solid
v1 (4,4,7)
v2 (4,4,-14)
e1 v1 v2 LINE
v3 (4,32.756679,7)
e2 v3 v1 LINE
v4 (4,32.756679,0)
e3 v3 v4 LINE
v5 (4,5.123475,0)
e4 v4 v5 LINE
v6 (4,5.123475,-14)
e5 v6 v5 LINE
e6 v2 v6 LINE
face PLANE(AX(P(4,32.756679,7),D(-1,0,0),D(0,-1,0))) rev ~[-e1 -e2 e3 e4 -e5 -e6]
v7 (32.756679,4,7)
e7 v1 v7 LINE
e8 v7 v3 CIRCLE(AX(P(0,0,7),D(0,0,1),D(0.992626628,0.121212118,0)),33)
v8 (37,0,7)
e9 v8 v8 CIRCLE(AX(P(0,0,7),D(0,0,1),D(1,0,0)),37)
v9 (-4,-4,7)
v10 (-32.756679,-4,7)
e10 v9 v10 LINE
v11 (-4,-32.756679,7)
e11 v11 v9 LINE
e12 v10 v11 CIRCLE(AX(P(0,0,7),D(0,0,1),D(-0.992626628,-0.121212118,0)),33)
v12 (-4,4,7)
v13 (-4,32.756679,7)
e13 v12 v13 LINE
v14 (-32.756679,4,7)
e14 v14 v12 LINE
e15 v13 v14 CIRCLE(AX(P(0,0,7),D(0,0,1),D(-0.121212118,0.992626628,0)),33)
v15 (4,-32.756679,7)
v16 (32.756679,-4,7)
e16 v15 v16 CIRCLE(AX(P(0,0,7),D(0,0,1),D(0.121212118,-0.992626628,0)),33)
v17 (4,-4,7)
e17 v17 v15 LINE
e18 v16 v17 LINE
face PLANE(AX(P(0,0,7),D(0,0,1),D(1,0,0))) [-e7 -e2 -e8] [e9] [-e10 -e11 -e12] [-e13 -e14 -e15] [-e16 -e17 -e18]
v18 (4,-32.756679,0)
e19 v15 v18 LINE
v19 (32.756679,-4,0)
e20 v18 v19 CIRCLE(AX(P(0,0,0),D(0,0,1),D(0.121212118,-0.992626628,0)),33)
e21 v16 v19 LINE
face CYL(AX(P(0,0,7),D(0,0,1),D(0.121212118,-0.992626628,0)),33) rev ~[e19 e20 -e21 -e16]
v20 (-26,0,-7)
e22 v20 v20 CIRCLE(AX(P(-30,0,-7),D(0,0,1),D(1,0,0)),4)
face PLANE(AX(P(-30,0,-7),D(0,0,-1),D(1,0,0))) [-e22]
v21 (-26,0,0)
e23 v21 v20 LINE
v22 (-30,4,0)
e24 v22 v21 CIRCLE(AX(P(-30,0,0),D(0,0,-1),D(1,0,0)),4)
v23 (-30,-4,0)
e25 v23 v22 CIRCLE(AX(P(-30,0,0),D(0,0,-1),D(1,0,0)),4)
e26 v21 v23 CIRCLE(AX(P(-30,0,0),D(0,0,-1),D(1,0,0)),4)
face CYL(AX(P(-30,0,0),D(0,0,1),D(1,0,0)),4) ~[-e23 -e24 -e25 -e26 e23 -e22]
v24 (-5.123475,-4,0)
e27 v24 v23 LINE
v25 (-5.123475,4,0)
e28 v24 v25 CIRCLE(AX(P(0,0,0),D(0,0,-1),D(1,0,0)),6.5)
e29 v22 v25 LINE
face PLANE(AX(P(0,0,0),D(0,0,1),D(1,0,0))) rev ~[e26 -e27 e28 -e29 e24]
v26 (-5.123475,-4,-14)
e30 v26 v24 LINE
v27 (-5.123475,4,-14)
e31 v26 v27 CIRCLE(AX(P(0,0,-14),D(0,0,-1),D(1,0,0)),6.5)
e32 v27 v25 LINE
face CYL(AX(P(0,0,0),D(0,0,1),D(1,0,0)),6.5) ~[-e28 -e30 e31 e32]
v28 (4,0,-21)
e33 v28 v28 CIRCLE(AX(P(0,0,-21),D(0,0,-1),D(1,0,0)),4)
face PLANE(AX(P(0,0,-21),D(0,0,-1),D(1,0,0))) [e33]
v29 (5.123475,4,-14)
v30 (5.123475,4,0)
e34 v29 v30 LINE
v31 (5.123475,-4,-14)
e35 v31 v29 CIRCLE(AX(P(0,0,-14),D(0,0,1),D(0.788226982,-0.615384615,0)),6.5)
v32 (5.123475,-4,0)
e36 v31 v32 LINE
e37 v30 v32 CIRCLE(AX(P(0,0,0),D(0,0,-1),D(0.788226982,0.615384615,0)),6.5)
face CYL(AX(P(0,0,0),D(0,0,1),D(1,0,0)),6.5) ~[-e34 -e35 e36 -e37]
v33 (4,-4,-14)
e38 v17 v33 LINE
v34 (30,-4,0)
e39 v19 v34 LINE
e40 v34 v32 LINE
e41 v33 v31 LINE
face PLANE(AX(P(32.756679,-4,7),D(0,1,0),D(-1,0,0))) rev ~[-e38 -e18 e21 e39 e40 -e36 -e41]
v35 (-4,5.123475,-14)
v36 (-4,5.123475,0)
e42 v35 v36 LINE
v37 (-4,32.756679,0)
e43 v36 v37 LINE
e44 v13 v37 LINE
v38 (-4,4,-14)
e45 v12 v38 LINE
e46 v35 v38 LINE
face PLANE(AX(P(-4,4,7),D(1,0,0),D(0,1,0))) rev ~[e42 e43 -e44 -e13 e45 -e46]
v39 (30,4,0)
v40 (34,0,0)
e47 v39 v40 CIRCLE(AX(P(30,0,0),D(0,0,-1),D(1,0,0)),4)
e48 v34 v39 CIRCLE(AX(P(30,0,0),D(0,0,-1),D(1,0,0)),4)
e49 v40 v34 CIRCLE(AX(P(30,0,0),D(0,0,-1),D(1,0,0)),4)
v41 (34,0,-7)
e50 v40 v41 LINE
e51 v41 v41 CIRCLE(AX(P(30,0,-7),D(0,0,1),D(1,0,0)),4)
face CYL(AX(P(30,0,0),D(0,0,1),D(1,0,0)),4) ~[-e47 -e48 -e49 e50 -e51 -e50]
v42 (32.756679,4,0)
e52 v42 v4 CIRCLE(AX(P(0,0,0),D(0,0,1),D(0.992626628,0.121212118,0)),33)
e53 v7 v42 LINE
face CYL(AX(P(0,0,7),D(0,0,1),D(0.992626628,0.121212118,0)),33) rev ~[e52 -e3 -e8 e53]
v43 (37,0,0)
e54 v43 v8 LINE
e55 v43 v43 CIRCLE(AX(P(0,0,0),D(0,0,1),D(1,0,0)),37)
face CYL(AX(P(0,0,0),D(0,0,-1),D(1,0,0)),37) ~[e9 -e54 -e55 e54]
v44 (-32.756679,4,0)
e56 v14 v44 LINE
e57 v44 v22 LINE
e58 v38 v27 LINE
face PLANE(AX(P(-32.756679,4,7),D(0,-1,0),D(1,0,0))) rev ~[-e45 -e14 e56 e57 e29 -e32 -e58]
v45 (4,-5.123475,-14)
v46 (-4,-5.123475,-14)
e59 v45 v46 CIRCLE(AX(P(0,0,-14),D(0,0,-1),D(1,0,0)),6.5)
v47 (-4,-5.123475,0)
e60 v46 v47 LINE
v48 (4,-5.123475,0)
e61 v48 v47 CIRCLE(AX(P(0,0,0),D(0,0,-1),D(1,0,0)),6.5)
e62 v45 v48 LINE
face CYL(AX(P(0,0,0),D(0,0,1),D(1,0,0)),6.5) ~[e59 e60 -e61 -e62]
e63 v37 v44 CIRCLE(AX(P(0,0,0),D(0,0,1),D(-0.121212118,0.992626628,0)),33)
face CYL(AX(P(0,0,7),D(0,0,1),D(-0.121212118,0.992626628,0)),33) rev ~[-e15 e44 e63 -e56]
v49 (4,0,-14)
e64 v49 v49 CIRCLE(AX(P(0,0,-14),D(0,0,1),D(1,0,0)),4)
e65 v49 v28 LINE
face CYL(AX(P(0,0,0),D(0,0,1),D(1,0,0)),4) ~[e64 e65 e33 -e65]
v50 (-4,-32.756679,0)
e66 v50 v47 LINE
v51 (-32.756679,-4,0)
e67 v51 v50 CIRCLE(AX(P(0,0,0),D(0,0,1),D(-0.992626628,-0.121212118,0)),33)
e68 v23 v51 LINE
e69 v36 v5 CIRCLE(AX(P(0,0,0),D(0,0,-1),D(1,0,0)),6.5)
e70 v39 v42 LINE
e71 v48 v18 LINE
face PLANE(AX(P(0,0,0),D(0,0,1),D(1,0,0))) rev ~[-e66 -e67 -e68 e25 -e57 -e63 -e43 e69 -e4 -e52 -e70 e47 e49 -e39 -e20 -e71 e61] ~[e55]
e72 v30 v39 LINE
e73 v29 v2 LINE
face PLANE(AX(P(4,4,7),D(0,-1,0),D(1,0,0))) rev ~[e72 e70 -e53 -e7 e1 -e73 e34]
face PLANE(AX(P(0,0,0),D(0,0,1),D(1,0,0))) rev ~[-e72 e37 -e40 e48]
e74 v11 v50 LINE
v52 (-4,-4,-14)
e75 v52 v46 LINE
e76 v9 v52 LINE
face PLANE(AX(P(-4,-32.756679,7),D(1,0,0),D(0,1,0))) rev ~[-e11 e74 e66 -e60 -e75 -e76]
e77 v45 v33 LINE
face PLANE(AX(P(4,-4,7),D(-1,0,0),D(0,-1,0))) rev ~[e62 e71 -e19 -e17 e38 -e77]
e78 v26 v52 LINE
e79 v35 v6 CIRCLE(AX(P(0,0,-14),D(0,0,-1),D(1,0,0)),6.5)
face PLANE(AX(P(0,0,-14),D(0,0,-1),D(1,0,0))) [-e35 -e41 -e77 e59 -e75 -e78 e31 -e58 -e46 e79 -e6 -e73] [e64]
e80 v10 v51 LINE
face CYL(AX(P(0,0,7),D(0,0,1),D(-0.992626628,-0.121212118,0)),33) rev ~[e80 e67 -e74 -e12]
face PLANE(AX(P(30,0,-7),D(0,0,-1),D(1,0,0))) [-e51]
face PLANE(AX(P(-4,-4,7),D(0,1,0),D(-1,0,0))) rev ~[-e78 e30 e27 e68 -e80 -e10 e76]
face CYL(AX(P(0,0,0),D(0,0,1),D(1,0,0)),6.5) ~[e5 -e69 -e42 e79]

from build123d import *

# Parameters (mm, degrees)
F0_R     = 37
F1_DEPTH = 7
F2_R     = 4
F3_DEPTH = 21
F4_R     = 4
F5_DEPTH = 7
F6_R     = 6.5
F7_DEPTH = 14
F9_DEPTH = 28.001


with BuildPart() as f1:
    # F0 (on Top) → F1 (new body)
    with BuildSketch(Plane.XY):
        Circle(F0_R)
    extrude(amount=F1_DEPTH)

    # F2 (on face) → F3 (join)
    with BuildSketch(Plane(origin=(0, 0, 0), x_dir=(1, 0, 0), z_dir=(0, 0, -1))):
        Circle(F2_R)
    extrude(amount=F3_DEPTH)

    # F4 (on face) → F5 (join)
    with BuildSketch(Plane(origin=(0, 0, 0), x_dir=(1, 0, 0), z_dir=(0, 0, -1))):
        with Locations((-30, 0)):
            Circle(F4_R)
        with Locations((30, 0)):
            Circle(F4_R)
    extrude(amount=F5_DEPTH)

    # F6 (on face) → F7 (join)
    with BuildSketch(Plane(origin=(0, 0, 0), x_dir=(1, 0, 0), z_dir=(0, 0, -1))):
        Circle(F6_R)
    extrude(amount=F7_DEPTH)

    # F8 (on face) → F9 (cut, through all)
    with BuildSketch(Plane.XY.offset(7)):
        with BuildLine():
            Line((-4, -4), (-32.756679, -4))
            ThreePointArc((-32.756679, -4), (-23.334524, -23.334524), (-4, -32.756679))
            Line((-4, -32.756679), (-4, -4))
        make_face()
        with BuildLine():
            Line((-32.756679, 4), (-4, 4))
            Line((-4, 4), (-4, 32.756679))
            ThreePointArc((-4, 32.756679), (-23.334524, 23.334524), (-32.756679, 4))
        make_face()
        with BuildLine():
            Line((4, 4), (32.756679, 4))
            ThreePointArc((32.756679, 4), (23.334524, 23.334524), (4, 32.756679))
            Line((4, 32.756679), (4, 4))
        make_face()
        with BuildLine():
            Line((32.756679, -4), (4, -4))
            Line((4, -4), (4, -32.756679))
            ThreePointArc((4, -32.756679), (23.334524, -23.334524), (32.756679, -4))
        make_face()
    extrude(amount=-F9_DEPTH, mode=Mode.SUBTRACT)


solid = f1.part
